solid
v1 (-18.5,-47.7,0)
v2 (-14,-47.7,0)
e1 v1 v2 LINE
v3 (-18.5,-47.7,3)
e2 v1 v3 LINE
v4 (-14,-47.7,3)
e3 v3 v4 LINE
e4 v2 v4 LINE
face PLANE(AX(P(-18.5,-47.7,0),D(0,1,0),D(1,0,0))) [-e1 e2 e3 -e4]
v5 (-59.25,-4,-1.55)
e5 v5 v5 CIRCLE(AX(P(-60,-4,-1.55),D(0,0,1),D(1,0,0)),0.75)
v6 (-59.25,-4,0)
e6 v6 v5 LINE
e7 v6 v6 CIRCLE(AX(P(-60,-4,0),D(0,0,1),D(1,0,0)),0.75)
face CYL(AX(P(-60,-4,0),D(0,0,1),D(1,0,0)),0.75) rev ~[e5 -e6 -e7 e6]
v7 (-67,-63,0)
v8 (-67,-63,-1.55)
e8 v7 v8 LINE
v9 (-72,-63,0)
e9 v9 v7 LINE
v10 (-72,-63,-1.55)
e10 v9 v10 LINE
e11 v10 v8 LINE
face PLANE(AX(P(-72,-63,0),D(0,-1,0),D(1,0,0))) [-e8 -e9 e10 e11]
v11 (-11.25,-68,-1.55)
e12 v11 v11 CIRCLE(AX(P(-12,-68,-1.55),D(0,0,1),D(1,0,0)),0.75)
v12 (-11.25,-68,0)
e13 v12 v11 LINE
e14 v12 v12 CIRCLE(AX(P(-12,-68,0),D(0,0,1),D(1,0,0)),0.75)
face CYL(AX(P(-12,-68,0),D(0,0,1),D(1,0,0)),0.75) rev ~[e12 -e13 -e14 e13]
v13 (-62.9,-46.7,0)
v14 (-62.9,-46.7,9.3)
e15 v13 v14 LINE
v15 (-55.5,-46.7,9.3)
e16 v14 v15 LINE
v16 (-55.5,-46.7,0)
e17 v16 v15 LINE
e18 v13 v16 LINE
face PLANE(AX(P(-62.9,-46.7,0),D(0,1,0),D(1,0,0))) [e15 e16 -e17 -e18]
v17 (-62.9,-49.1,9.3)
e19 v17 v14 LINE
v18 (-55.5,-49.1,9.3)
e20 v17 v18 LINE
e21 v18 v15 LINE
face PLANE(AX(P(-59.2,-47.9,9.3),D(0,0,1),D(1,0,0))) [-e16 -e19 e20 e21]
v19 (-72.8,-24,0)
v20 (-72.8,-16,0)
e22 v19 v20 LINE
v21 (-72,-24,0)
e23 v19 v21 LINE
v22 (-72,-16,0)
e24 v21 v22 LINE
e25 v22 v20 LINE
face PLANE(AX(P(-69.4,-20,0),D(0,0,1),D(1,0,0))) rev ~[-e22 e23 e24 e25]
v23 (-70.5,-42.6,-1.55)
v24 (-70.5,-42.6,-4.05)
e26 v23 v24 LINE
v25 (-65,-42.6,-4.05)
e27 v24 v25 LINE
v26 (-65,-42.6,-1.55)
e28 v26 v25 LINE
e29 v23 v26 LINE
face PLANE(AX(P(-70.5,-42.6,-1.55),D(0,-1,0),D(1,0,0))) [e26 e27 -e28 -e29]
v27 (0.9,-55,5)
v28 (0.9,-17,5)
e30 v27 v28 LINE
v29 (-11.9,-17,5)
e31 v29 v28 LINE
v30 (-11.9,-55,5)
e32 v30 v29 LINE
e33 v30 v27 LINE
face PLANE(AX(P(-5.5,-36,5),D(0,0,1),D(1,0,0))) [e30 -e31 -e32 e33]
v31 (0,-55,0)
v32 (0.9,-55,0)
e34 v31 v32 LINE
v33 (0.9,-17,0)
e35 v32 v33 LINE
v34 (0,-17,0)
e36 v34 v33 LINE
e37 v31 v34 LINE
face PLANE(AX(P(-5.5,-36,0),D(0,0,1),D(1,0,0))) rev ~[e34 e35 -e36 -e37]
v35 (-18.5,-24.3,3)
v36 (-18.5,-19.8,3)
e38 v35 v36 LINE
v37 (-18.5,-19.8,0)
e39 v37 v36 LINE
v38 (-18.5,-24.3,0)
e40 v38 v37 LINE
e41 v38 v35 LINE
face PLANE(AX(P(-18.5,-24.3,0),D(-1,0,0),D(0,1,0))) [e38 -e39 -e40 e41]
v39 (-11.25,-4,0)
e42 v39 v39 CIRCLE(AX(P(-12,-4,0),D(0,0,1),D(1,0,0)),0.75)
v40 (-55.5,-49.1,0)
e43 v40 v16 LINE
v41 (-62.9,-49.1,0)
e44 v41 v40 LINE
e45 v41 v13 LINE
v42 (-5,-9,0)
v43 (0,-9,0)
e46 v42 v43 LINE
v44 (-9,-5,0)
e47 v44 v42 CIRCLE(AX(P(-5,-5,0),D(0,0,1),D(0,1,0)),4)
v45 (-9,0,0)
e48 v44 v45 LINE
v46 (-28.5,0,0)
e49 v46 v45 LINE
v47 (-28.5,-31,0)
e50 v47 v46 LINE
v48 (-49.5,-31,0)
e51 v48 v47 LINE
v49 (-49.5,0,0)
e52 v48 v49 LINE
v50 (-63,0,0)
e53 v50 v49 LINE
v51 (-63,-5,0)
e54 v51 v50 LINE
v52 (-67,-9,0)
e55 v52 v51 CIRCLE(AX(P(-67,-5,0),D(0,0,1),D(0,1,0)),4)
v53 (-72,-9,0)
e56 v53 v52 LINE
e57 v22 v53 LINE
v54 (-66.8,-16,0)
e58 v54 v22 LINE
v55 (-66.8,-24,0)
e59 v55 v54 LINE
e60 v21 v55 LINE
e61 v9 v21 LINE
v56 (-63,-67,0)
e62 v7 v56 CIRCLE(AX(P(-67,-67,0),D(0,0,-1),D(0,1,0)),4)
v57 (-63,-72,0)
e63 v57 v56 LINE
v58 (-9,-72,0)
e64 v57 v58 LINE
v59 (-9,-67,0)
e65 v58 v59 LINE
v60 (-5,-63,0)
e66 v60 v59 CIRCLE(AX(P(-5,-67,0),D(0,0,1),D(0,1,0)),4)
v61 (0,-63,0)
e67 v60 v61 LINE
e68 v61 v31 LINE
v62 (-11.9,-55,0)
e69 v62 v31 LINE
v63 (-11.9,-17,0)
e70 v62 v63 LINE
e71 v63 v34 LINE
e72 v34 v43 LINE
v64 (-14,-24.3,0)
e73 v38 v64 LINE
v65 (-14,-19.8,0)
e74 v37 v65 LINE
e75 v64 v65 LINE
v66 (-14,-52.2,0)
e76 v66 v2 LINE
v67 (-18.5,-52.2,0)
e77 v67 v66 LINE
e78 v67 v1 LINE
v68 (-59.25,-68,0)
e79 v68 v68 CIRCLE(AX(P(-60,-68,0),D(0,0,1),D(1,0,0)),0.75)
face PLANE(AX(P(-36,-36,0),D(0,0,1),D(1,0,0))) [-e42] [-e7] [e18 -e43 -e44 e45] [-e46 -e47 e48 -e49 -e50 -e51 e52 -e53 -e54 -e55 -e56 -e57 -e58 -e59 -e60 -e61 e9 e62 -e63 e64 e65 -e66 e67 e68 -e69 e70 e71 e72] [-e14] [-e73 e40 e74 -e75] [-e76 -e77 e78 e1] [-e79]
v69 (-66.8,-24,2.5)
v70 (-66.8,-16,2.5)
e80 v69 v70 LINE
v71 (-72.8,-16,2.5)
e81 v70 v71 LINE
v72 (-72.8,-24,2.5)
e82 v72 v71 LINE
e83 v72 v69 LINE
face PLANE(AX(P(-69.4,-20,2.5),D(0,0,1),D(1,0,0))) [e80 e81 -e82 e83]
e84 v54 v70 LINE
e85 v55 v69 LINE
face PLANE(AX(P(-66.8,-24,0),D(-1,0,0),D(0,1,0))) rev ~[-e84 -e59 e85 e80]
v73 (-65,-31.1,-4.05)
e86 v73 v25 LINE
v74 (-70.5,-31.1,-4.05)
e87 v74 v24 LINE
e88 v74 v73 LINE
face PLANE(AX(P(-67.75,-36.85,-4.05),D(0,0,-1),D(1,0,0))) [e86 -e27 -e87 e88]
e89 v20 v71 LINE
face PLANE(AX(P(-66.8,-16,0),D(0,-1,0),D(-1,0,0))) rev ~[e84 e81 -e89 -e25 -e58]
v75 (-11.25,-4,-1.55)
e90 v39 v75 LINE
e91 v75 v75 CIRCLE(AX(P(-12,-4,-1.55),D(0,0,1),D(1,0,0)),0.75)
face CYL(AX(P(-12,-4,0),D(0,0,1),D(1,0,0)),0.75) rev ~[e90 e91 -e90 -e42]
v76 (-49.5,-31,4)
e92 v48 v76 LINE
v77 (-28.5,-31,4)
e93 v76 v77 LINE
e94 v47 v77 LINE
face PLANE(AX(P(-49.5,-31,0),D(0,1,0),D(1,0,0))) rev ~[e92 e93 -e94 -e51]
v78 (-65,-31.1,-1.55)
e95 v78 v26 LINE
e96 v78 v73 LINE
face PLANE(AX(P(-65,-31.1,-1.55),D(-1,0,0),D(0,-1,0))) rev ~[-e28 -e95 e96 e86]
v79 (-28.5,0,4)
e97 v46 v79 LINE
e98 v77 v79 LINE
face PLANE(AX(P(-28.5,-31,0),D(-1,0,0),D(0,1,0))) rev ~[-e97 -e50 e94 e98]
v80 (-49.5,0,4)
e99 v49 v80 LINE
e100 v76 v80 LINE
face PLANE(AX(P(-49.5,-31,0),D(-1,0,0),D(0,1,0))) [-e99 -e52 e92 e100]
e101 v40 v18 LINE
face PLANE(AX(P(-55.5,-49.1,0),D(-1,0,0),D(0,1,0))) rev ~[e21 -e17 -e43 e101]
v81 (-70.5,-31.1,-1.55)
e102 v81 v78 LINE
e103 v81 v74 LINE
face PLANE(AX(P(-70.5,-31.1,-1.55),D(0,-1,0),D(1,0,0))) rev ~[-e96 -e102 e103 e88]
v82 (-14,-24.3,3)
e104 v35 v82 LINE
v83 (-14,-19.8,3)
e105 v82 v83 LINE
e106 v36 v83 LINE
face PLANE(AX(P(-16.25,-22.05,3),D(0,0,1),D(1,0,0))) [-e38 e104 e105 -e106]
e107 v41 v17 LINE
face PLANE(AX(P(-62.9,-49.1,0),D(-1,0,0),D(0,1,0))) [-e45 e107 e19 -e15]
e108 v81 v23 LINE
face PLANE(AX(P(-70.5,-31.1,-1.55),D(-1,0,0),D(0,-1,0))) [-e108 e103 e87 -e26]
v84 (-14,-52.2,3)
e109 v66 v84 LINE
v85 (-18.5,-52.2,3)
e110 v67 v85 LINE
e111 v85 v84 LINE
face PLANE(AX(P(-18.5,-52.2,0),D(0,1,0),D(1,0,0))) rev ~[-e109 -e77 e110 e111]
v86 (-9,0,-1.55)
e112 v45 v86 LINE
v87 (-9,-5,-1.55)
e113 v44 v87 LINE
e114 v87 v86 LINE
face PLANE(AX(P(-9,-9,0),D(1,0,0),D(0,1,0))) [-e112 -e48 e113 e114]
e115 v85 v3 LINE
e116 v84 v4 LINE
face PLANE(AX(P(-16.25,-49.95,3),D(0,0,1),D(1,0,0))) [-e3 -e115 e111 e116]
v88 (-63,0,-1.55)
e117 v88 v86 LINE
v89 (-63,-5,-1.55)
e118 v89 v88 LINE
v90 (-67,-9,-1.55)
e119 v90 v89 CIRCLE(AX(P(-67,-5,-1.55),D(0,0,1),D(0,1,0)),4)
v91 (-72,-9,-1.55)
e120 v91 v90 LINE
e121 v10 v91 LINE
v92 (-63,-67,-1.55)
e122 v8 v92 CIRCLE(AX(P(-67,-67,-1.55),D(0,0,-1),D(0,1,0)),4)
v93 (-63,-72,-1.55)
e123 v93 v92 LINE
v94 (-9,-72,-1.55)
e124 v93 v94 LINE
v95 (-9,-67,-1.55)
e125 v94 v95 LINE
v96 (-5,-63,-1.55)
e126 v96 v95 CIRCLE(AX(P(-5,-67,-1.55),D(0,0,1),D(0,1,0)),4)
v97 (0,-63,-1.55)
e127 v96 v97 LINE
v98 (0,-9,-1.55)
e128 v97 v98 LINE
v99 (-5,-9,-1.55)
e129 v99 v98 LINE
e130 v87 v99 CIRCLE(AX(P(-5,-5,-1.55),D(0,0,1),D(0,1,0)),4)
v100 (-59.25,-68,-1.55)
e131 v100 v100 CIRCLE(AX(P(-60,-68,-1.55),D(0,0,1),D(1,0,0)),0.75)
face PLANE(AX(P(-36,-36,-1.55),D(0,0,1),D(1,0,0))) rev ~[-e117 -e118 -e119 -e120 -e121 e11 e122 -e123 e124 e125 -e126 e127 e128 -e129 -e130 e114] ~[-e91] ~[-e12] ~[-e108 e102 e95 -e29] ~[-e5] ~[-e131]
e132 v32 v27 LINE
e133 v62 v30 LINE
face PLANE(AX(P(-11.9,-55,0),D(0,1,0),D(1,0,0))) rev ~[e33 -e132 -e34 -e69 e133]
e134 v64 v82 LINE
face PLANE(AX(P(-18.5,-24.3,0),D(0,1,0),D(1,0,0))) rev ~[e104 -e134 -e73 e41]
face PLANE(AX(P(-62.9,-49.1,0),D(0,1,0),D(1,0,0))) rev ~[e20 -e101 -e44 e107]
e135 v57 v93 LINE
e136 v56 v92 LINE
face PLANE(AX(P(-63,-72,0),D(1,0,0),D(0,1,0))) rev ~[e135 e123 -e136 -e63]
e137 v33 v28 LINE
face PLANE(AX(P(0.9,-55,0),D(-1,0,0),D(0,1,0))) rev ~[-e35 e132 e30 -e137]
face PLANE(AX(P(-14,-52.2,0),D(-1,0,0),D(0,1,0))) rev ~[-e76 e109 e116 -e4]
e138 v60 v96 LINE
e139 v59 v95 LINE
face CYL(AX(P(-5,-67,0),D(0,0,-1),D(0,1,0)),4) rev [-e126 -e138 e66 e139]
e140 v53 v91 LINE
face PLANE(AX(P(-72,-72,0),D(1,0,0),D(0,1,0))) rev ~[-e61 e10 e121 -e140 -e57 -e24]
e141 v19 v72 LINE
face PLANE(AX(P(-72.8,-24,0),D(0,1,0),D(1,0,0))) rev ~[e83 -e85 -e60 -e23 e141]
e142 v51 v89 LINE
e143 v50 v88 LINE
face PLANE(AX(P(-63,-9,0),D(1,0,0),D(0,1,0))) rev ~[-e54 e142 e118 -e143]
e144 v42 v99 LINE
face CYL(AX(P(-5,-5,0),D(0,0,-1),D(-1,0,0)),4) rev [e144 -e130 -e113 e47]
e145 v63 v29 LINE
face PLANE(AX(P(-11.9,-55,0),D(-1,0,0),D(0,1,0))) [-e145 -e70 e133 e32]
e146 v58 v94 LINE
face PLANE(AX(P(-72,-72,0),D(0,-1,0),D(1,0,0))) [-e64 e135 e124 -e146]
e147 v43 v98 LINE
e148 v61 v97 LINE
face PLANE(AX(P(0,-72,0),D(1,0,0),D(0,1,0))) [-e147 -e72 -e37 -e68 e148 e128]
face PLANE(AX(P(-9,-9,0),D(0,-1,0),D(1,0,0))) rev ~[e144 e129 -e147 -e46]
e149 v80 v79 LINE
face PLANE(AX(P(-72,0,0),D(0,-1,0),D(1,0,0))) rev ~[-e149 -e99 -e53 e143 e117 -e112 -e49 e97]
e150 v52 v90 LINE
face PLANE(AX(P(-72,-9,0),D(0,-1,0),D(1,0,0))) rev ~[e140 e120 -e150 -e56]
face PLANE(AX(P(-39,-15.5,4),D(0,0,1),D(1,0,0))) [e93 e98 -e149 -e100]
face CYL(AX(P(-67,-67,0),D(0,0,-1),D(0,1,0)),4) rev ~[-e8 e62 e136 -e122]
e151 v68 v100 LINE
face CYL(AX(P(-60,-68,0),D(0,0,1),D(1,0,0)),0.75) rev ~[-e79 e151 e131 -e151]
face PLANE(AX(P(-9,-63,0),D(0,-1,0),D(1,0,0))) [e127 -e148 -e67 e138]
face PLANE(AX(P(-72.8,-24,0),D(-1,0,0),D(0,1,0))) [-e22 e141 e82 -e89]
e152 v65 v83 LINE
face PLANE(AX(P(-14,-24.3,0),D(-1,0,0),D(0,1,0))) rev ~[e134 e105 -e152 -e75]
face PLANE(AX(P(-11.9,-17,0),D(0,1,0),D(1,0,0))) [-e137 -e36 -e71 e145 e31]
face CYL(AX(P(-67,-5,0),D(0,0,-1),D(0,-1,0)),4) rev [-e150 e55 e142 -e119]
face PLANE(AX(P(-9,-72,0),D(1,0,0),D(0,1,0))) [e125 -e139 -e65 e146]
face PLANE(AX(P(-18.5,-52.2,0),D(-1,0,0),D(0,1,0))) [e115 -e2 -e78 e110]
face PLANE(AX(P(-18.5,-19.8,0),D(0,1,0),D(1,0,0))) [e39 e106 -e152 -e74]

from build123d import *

# Parameters (mm, degrees)
F0_W      = 72
F0_H      = 72
F1_DEPTH  = 1.55
F2_W      = 9
F2_H      = 9
F3_DEPTH  = 1.551
F4_R      = 4
F5_W      = 21
F5_H      = 31
F6_DEPTH  = 4
F7_W      = 5.2
F7_H      = 8
F7_W_2    = 0.8
F8_DEPTH  = 2.5
F9_W      = 12.8
F9_H      = 38
F10_DEPTH = 5
F11_W     = 5.5
F11_H     = 11.5
F12_DEPTH = 2.5
F13_R     = 0.75
F14_DEPTH = 4.051
F15_W     = 4.5
F15_H     = 4.5
F16_DEPTH = 3
F17_W     = 7.4
F17_H     = 2.4
F18_DEPTH = 9.3


with BuildPart() as f1:
    # F0 (on Top) → F1 (new body)
    with BuildSketch(Plane.XY):
        with Locations((-36, -36)):
            Rectangle(F0_W, F0_H)
    extrude(amount=-F1_DEPTH)

    # F2 (on face) → F3 (cut, through all)
    with BuildSketch(Plane.XY):
        with Locations((-67.5, -67.5)):
            Rectangle(F2_W, F2_H)
        with Locations((-67.5, -4.5)):
            Rectangle(F2_W, F2_H)
        with Locations((-4.5, -4.5)):
            Rectangle(F2_W, F2_H)
        with Locations((-4.5, -67.5)):
            Rectangle(F2_W, F2_H)
    extrude(amount=-F3_DEPTH, mode=Mode.SUBTRACT)

    # F4
    f4_edges = [f1.edges().sort_by_distance(p)[0] for p in [
        (-9, -63, -0.775),
        (-63, -63, -0.775),
        (-63, -9, -0.775),
        (-9, -9, -0.775),
    ]]
    fillet(f4_edges, radius=F4_R)

    # F5 (on face) → F6 (join)
    with BuildSketch(Plane.XY):
        with Locations((-39, -15.5)):
            Rectangle(F5_W, F5_H)
    extrude(amount=F6_DEPTH)

    # F7 (on face) → F8 (join)
    with BuildSketch(Plane.XY):
        with Locations((-69.4, -20)):
            Rectangle(F7_W, F7_H)
        with Locations((-72.4, -20)):
            Rectangle(F7_W_2, F7_H)
    extrude(amount=F8_DEPTH)

    # F9 (on face) → F10 (join)
    with BuildSketch(Plane.XY):
        with Locations((-5.5, -36)):
            Rectangle(F9_W, F9_H)
    extrude(amount=F10_DEPTH)

    # F11 (on face) → F12 (join)
    with BuildSketch(Plane(origin=(0, 0, -1.55), x_dir=(1, 0, 0), z_dir=(0, 0, -1))):
        with Locations((-67.75, 36.85)):
            Rectangle(F11_W, F11_H)
    extrude(amount=F12_DEPTH)

    # F13 (on face) → F14 (cut, through all)
    with BuildSketch(Plane.XY):
        with Locations((-60, -4)):
            Circle(F13_R)
        with Locations((-12, -4)):
            Circle(F13_R)
        with Locations((-12, -68)):
            Circle(F13_R)
        with Locations((-60, -68)):
            Circle(F13_R)
    extrude(amount=-F14_DEPTH, mode=Mode.SUBTRACT)

    # F15 (on face) → F16 (join)
    with BuildSketch(Plane.XY):
        with Locations((-16.25, -22.05)):
            Rectangle(F15_W, F15_H)
        with Locations((-16.25, -49.95)):
            Rectangle(F15_W, F15_H)
    extrude(amount=F16_DEPTH)

    # F17 (on face) → F18 (join)
    with BuildSketch(Plane.XY):
        with Locations((-59.2, -47.9)):
            Rectangle(F17_W, F17_H)
    extrude(amount=F18_DEPTH)


solid = f1.part
